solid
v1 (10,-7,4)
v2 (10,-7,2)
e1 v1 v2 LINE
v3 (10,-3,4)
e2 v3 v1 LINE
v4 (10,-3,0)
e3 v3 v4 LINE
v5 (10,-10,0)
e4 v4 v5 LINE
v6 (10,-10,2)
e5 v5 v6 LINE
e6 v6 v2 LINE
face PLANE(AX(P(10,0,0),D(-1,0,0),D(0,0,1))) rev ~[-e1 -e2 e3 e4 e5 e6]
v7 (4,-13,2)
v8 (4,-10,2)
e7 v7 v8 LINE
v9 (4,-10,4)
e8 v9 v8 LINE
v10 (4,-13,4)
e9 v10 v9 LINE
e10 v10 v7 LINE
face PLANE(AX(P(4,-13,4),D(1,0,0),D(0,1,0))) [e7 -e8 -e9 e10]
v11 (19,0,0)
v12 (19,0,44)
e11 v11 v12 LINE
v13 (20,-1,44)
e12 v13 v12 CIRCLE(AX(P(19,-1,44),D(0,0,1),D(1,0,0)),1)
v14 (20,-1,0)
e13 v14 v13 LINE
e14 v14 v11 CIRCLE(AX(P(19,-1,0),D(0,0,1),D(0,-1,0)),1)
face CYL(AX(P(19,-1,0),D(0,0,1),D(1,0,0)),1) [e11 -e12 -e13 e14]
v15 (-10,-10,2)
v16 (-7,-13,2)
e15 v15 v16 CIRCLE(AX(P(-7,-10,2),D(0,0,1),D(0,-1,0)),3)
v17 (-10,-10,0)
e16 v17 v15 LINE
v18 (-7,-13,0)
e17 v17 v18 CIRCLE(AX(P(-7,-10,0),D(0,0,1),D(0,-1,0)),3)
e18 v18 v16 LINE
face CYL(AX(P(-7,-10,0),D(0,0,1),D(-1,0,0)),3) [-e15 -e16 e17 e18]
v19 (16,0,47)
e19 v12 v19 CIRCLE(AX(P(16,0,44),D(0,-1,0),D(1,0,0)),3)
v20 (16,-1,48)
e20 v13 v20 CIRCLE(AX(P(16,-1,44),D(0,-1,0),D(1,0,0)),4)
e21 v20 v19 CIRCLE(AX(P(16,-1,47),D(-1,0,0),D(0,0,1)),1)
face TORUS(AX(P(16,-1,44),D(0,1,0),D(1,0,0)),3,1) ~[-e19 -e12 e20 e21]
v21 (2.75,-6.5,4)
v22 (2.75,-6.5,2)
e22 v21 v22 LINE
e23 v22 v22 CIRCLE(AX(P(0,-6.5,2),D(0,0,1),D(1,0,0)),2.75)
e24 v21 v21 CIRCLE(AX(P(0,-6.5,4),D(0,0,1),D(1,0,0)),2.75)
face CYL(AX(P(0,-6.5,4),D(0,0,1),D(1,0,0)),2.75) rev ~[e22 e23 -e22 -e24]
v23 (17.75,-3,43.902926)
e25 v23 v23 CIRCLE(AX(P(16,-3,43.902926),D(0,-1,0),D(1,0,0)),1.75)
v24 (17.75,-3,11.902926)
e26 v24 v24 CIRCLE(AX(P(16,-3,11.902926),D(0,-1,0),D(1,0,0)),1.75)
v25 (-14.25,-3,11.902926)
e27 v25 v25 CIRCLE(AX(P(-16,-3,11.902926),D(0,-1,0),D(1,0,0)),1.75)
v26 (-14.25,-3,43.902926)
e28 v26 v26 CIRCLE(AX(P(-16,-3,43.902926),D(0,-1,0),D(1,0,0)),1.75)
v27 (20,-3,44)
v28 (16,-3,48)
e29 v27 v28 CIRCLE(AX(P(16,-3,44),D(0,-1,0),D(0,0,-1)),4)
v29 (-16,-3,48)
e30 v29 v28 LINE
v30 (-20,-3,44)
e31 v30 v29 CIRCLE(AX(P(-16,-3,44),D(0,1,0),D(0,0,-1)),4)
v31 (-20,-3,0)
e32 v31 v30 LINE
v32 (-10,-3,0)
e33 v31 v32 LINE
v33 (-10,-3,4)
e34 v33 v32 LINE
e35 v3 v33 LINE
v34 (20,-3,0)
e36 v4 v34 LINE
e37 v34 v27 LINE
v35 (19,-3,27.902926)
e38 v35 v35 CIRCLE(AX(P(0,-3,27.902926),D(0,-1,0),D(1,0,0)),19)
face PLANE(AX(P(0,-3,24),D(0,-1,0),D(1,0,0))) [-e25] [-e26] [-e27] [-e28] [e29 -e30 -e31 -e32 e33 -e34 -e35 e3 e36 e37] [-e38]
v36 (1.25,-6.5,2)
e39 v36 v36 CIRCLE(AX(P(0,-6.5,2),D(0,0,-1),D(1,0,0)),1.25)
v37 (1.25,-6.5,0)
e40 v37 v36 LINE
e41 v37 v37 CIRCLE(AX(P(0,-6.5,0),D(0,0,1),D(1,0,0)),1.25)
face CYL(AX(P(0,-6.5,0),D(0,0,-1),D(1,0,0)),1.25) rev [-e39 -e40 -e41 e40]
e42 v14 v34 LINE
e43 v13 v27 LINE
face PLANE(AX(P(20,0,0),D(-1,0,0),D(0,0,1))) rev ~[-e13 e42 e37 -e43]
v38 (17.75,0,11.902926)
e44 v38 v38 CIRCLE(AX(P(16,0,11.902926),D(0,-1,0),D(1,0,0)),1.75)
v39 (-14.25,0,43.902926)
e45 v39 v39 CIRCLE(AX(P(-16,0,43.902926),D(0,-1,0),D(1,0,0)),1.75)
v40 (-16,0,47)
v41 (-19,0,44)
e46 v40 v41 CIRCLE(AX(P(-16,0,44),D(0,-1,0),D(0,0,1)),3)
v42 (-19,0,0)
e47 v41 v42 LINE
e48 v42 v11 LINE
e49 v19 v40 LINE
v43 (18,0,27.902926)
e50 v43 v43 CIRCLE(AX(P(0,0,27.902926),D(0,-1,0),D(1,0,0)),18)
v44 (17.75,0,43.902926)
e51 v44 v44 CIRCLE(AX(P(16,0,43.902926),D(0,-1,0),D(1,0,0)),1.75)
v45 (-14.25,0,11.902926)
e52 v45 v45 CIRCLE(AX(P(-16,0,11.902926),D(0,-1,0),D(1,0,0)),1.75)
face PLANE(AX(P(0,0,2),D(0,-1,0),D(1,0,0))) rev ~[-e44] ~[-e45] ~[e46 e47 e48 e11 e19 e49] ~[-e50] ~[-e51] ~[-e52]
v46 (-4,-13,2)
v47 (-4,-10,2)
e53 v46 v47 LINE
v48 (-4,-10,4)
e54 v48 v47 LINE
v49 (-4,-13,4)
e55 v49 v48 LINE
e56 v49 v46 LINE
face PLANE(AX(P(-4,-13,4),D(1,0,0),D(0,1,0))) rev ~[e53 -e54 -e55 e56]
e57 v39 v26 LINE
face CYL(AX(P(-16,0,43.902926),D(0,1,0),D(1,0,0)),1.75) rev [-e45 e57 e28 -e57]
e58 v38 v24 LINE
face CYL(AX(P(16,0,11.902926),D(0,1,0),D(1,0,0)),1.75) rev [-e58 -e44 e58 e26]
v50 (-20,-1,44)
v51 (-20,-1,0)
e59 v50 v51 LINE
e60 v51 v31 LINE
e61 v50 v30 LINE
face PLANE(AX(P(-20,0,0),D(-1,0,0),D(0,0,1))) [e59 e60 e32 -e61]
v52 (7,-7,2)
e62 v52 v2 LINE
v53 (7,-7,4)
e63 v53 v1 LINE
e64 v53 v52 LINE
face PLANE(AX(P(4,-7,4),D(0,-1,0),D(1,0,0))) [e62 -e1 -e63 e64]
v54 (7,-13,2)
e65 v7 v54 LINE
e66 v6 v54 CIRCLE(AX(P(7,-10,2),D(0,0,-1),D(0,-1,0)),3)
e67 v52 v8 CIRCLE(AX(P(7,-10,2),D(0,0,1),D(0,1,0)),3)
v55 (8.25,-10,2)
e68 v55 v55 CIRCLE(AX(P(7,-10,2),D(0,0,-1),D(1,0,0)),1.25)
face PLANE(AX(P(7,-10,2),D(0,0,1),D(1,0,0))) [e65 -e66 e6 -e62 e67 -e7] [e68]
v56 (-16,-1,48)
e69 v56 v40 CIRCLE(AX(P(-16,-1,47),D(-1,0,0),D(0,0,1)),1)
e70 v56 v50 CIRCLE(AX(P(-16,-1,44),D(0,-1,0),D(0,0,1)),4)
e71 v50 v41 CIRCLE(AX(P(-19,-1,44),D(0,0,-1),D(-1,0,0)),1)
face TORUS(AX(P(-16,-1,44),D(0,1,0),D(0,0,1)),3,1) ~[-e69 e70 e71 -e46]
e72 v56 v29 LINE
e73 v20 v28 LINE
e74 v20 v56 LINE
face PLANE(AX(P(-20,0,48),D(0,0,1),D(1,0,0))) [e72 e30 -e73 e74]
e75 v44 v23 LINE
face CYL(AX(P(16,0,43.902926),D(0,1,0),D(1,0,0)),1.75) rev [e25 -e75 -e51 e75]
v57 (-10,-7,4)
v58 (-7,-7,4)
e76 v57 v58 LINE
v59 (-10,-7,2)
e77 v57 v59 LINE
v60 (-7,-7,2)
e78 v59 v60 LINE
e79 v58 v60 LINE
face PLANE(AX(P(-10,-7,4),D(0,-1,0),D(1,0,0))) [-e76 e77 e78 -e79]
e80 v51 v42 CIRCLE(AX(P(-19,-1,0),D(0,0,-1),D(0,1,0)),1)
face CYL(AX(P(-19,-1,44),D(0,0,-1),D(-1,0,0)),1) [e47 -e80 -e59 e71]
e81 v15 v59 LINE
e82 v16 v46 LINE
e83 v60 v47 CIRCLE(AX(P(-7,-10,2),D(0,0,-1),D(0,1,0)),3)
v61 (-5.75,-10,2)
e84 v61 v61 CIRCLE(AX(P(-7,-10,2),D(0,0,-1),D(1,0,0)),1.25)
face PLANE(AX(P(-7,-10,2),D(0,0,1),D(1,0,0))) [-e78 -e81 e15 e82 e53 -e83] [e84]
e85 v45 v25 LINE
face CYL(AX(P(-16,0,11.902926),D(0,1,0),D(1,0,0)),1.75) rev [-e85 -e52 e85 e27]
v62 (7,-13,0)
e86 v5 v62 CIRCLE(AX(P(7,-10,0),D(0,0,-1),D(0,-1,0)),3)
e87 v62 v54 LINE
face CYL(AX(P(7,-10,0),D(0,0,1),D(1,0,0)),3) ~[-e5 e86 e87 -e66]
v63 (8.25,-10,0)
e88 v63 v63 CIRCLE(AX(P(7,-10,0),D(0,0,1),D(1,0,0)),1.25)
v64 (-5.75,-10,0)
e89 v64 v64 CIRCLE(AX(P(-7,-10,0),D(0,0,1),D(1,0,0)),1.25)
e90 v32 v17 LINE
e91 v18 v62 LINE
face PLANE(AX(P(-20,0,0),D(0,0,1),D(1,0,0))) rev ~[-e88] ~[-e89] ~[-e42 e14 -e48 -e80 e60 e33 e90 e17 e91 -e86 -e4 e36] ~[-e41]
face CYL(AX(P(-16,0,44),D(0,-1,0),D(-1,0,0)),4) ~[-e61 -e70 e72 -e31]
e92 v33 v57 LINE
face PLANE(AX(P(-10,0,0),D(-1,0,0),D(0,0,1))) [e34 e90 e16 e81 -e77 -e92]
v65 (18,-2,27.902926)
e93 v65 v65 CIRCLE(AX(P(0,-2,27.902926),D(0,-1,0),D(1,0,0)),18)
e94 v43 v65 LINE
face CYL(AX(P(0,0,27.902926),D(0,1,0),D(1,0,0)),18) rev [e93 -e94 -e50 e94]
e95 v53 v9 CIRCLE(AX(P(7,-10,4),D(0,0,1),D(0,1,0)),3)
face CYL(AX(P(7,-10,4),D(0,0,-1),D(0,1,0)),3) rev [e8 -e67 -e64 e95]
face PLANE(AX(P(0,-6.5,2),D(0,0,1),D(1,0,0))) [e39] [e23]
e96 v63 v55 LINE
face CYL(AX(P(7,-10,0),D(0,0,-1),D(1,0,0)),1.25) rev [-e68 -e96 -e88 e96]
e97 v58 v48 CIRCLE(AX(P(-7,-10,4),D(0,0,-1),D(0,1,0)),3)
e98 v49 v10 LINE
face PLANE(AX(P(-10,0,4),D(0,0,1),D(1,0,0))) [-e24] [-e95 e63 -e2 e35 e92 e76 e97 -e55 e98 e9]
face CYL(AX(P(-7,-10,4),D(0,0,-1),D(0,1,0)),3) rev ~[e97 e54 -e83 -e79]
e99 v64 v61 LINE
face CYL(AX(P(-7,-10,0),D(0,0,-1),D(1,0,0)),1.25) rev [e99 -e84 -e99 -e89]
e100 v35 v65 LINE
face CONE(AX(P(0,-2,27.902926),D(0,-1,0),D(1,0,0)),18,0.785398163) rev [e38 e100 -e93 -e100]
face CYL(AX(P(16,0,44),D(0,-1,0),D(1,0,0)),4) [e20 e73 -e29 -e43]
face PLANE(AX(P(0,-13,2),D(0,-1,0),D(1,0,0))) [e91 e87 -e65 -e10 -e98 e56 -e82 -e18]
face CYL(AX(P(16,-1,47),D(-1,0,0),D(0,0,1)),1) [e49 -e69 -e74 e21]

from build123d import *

# Parameters (mm, degrees)
F0_W     = 40
F0_H     = 48
F0_R     = 1.75
F0_R_2   = 18
F1_DEPTH = 3
F2_W     = 20
F2_H     = 4
F3_DEPTH = 13
F4_R     = 1.25
F5_DEPTH = 25
F6_W     = 6
F6_H     = 6
F6_R     = 2.75
F7_DEPTH = 2
F8_R     = 4
F9_R     = 3
F10_SIZE = 1
F11_R    = 1


with BuildPart() as f1:
    # F0 (on Front) → F1 (new body)
    with BuildSketch(Plane.XZ):
        with Locations((0, 24)):
            Rectangle(F0_W, F0_H)
        with Locations((-16, 11.902926147)):
            Circle(F0_R, mode=Mode.SUBTRACT)
        with Locations((16, 11.902926147)):
            Circle(F0_R, mode=Mode.SUBTRACT)
        with Locations((-16, 43.902926147)):
            Circle(F0_R, mode=Mode.SUBTRACT)
        with Locations((0, 27.902926147)):
            Circle(F0_R_2, mode=Mode.SUBTRACT)
        with Locations((16, 43.902926147)):
            Circle(F0_R, mode=Mode.SUBTRACT)
    extrude(amount=F1_DEPTH)

    # F2 (on Front) → F3 (join)
    with BuildSketch(Plane.XZ):
        with Locations((0, 2)):
            Rectangle(F2_W, F2_H)
    extrude(amount=F3_DEPTH)

    # F4 (on Top) → F5 (cut)
    with BuildSketch(Plane.XY):
        with Locations((0, -6.5)):
            Circle(F4_R)
        with Locations((-7, -10)):
            Circle(F4_R)
        with Locations((7, -10)):
            Circle(F4_R)
    extrude(amount=F5_DEPTH, mode=Mode.SUBTRACT)

    # F6 (on face) → F7 (cut)
    with BuildSketch(Plane.XY.offset(4)):
        with Locations((-7, -10)):
            Rectangle(F6_W, F6_H)
        with Locations((7, -10)):
            Rectangle(F6_W, F6_H)
        with Locations((0, -6.5)):
            Circle(F6_R)
    extrude(amount=-F7_DEPTH, mode=Mode.SUBTRACT)

    # F8
    f8_edges = [f1.edges().sort_by_distance(p)[0] for p in [
        (20, -1.5, 48),
        (-20, -1.5, 48),
    ]]
    fillet(f8_edges, radius=F8_R)

    # F9
    f9_edges = [f1.edges().sort_by_distance(p)[0] for p in [
        (4, -7, 3),
        (10, -13, 1),
        (-4, -7, 3),
        (-10, -13, 1),
    ]]
    fillet(f9_edges, radius=F9_R)

    # F10
    f10_edges = [f1.edges().sort_by_distance(p)[0] for p in [
        (-18, -3, 27.902926),
    ]]
    chamfer(f10_edges, length=F10_SIZE)

    # F11
    f11_edges = [f1.edges().sort_by_distance(p)[0] for p in [
        (20, 0, 22),
    ]]
    fillet(f11_edges, radius=F11_R)


solid = f1.part
